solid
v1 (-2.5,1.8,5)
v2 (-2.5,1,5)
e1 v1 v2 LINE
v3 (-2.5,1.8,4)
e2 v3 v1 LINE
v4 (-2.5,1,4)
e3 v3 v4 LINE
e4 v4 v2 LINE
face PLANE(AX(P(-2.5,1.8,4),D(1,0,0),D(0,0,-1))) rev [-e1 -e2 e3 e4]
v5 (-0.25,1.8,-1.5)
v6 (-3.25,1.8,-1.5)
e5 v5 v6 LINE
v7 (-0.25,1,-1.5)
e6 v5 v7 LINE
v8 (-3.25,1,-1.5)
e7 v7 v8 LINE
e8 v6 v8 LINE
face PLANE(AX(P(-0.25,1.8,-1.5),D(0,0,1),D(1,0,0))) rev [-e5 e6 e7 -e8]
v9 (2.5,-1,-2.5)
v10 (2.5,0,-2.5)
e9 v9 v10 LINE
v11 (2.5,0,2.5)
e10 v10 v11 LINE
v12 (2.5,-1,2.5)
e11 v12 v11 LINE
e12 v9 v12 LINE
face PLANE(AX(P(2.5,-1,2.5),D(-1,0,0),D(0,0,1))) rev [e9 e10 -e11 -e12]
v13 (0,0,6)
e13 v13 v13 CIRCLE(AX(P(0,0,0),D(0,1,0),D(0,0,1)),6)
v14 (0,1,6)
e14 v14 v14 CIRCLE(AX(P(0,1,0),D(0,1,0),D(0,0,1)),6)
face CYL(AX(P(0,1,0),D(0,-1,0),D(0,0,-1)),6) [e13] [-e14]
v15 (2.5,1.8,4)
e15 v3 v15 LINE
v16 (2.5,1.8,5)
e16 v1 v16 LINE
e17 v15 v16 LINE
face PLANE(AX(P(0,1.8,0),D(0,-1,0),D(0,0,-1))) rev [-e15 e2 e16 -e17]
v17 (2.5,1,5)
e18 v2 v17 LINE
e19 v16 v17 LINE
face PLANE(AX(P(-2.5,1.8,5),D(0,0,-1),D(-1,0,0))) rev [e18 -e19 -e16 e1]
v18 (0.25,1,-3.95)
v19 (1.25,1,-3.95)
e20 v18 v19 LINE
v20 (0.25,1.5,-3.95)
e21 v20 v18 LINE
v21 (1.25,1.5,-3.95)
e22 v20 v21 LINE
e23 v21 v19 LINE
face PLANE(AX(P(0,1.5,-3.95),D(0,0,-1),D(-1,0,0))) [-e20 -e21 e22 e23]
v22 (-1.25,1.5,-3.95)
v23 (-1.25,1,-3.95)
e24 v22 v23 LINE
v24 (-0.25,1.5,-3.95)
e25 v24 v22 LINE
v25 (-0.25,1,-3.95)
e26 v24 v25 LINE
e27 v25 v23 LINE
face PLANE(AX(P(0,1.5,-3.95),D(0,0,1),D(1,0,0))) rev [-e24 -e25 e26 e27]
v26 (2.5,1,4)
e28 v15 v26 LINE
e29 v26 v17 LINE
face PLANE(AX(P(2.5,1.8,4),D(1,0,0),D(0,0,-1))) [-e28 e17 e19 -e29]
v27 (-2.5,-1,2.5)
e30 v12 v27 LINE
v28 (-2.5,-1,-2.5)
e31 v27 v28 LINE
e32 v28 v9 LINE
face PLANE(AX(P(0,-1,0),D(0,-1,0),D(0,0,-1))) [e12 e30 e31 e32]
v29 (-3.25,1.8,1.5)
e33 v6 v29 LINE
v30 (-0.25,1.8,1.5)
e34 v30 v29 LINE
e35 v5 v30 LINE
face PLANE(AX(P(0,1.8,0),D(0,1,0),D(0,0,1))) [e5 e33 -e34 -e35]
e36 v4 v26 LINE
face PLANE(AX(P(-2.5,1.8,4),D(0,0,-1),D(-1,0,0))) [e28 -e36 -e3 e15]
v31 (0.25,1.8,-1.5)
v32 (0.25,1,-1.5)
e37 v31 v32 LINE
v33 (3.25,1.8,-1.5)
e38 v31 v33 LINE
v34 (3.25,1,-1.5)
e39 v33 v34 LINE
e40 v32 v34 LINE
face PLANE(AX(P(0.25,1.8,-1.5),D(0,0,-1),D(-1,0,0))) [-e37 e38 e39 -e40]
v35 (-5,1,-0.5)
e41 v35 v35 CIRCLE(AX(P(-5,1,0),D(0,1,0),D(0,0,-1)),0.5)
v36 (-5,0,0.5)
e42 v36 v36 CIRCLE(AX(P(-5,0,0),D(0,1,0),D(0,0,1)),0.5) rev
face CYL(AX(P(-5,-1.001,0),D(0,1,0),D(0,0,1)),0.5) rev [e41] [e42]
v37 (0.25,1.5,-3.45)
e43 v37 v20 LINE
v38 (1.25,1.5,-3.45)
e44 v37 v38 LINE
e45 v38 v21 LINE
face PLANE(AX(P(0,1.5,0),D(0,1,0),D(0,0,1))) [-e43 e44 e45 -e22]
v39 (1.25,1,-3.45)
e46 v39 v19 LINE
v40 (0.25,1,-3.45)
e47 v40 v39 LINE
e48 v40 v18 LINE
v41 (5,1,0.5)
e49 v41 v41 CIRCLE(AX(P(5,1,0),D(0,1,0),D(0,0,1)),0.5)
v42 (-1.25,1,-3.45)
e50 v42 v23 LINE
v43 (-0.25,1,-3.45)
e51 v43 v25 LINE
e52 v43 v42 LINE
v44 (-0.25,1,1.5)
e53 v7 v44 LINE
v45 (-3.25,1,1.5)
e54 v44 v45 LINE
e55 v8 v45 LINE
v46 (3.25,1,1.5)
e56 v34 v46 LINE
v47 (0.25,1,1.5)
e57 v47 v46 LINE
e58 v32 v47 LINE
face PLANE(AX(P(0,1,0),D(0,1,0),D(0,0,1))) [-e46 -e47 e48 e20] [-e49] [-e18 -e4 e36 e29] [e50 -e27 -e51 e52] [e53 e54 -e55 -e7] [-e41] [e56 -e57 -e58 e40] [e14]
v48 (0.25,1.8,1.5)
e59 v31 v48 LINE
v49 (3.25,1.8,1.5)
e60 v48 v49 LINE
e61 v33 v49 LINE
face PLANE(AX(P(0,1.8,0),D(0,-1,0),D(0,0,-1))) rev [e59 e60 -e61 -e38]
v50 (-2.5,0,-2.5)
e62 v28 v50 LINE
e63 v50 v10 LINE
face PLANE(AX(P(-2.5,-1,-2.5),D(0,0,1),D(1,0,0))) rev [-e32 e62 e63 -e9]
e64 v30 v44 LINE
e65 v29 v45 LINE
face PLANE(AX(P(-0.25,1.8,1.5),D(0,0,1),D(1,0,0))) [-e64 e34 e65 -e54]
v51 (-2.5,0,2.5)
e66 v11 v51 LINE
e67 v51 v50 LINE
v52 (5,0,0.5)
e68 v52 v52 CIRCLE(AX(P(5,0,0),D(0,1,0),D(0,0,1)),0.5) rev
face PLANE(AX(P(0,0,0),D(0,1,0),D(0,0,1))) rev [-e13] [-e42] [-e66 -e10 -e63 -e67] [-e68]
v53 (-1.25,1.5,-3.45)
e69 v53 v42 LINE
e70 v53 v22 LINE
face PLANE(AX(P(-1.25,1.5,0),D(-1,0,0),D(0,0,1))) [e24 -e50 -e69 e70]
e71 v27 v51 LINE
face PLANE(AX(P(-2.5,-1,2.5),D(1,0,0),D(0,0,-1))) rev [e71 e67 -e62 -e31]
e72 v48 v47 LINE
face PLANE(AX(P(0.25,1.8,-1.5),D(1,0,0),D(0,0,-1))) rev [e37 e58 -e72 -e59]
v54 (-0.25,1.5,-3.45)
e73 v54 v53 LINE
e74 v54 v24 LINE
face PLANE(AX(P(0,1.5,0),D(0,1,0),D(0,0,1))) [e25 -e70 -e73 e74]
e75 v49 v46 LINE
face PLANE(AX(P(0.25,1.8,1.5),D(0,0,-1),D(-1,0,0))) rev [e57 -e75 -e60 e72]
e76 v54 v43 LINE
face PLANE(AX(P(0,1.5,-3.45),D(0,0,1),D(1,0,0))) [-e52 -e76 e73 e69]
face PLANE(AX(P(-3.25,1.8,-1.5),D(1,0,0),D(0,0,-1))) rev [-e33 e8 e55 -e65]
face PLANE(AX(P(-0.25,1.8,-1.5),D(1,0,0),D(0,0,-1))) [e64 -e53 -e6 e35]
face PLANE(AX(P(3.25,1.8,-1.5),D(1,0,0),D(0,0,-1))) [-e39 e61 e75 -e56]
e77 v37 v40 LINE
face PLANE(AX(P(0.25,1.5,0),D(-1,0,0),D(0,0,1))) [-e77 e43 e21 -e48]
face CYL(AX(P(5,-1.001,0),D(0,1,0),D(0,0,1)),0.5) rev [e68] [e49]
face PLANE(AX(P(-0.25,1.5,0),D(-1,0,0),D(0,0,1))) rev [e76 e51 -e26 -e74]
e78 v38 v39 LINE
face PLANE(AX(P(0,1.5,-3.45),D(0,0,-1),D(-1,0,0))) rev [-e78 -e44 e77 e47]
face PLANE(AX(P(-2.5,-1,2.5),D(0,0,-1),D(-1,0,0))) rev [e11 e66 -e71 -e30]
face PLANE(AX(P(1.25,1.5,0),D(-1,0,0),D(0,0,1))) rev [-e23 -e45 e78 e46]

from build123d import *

# Parameters (mm, degrees)
SKETCH_1_R          = 6
EXTRUDE_1_DEPTH     = 1
SKETCH_2_W          = 3
SKETCH_2_H          = 3
SKETCH_2_W_2        = 5
SKETCH_2_H_2        = 1
EXTRUDE_2_DEPTH     = 0.8
SKETCH_2_6_W        = 1
SKETCH_2_6_H        = 0.5
EXTRUDE_3_DEPTH     = 0.5
SKETCH_4_W          = 5
SKETCH_4_H          = 5
EXTRUDE_4_DEPTH     = 1
CUT_EXTRUDE_1_REACH = 10.718
SKETCH_5_R          = 0.5


with BuildPart() as part:
    # 草图1 → 凸台-拉伸1 (new body)
    with BuildSketch(Plane(origin=(0, 0, 0), x_dir=(1, 0, 0), z_dir=(0, 1, 0))):
        Circle(SKETCH_1_R)
    extrude(amount=EXTRUDE_1_DEPTH)

    # 草图2 → 凸台-拉伸2 (add)
    with BuildSketch(Plane(origin=(0, 1, 0), x_dir=(1, 0, 0), z_dir=(0, 1, 0))):
        with Locations((1.75, 0)):
            Rectangle(SKETCH_2_W, SKETCH_2_H)
        with Locations((-1.75, 0)):
            Rectangle(SKETCH_2_W, SKETCH_2_H)
        with Locations((0, -4.5)):
            Rectangle(SKETCH_2_W_2, SKETCH_2_H_2)
    extrude(amount=EXTRUDE_2_DEPTH)

    # 草图2<6> → 凸台-拉伸3 (add)
    with BuildSketch(Plane(origin=(0, 1, 0), x_dir=(1, 0, 0), z_dir=(0, 1, 0))):
        with Locations((0.75, 3.7)):
            Rectangle(SKETCH_2_6_W, SKETCH_2_6_H)
        with Locations((-0.75, 3.7)):
            Rectangle(SKETCH_2_6_W, SKETCH_2_6_H)
    extrude(amount=EXTRUDE_3_DEPTH)

    # 草图4 → 凸台-拉伸4 (add)
    with BuildSketch(Plane.XZ):
        Rectangle(SKETCH_4_W, SKETCH_4_H)
    extrude(amount=EXTRUDE_4_DEPTH)

    # 草图5 → 切除-拉伸1 (cut, up to next)
    with BuildSketch(Plane(origin=(0, 1, 0), x_dir=(1, 0, 0), z_dir=(0, 1, 0)), mode=Mode.PRIVATE) as cut_extrude_1_sk1:
        with Locations((5, 0)):
            Circle(SKETCH_5_R)
    cut_extrude_1_tool1 = extrude(cut_extrude_1_sk1.sketch, amount=-CUT_EXTRUDE_1_REACH, mode=Mode.PRIVATE) & part.part
    # 草图5 → 切除-拉伸1 (cut, up to next)
    with BuildSketch(Plane(origin=(0, 1, 0), x_dir=(1, 0, 0), z_dir=(0, 1, 0)), mode=Mode.PRIVATE) as cut_extrude_1_sk2:
        with Locations((-5, 0)):
            Circle(SKETCH_5_R)
    cut_extrude_1_tool2 = extrude(cut_extrude_1_sk2.sketch, amount=-CUT_EXTRUDE_1_REACH, mode=Mode.PRIVATE) & part.part
    add(cut_extrude_1_tool1.solids().sort_by_distance((5, 1, 0))[0], mode=Mode.SUBTRACT)
    add(cut_extrude_1_tool2.solids().sort_by_distance((-5, 1, 0))[0], mode=Mode.SUBTRACT)


solid = part.part
